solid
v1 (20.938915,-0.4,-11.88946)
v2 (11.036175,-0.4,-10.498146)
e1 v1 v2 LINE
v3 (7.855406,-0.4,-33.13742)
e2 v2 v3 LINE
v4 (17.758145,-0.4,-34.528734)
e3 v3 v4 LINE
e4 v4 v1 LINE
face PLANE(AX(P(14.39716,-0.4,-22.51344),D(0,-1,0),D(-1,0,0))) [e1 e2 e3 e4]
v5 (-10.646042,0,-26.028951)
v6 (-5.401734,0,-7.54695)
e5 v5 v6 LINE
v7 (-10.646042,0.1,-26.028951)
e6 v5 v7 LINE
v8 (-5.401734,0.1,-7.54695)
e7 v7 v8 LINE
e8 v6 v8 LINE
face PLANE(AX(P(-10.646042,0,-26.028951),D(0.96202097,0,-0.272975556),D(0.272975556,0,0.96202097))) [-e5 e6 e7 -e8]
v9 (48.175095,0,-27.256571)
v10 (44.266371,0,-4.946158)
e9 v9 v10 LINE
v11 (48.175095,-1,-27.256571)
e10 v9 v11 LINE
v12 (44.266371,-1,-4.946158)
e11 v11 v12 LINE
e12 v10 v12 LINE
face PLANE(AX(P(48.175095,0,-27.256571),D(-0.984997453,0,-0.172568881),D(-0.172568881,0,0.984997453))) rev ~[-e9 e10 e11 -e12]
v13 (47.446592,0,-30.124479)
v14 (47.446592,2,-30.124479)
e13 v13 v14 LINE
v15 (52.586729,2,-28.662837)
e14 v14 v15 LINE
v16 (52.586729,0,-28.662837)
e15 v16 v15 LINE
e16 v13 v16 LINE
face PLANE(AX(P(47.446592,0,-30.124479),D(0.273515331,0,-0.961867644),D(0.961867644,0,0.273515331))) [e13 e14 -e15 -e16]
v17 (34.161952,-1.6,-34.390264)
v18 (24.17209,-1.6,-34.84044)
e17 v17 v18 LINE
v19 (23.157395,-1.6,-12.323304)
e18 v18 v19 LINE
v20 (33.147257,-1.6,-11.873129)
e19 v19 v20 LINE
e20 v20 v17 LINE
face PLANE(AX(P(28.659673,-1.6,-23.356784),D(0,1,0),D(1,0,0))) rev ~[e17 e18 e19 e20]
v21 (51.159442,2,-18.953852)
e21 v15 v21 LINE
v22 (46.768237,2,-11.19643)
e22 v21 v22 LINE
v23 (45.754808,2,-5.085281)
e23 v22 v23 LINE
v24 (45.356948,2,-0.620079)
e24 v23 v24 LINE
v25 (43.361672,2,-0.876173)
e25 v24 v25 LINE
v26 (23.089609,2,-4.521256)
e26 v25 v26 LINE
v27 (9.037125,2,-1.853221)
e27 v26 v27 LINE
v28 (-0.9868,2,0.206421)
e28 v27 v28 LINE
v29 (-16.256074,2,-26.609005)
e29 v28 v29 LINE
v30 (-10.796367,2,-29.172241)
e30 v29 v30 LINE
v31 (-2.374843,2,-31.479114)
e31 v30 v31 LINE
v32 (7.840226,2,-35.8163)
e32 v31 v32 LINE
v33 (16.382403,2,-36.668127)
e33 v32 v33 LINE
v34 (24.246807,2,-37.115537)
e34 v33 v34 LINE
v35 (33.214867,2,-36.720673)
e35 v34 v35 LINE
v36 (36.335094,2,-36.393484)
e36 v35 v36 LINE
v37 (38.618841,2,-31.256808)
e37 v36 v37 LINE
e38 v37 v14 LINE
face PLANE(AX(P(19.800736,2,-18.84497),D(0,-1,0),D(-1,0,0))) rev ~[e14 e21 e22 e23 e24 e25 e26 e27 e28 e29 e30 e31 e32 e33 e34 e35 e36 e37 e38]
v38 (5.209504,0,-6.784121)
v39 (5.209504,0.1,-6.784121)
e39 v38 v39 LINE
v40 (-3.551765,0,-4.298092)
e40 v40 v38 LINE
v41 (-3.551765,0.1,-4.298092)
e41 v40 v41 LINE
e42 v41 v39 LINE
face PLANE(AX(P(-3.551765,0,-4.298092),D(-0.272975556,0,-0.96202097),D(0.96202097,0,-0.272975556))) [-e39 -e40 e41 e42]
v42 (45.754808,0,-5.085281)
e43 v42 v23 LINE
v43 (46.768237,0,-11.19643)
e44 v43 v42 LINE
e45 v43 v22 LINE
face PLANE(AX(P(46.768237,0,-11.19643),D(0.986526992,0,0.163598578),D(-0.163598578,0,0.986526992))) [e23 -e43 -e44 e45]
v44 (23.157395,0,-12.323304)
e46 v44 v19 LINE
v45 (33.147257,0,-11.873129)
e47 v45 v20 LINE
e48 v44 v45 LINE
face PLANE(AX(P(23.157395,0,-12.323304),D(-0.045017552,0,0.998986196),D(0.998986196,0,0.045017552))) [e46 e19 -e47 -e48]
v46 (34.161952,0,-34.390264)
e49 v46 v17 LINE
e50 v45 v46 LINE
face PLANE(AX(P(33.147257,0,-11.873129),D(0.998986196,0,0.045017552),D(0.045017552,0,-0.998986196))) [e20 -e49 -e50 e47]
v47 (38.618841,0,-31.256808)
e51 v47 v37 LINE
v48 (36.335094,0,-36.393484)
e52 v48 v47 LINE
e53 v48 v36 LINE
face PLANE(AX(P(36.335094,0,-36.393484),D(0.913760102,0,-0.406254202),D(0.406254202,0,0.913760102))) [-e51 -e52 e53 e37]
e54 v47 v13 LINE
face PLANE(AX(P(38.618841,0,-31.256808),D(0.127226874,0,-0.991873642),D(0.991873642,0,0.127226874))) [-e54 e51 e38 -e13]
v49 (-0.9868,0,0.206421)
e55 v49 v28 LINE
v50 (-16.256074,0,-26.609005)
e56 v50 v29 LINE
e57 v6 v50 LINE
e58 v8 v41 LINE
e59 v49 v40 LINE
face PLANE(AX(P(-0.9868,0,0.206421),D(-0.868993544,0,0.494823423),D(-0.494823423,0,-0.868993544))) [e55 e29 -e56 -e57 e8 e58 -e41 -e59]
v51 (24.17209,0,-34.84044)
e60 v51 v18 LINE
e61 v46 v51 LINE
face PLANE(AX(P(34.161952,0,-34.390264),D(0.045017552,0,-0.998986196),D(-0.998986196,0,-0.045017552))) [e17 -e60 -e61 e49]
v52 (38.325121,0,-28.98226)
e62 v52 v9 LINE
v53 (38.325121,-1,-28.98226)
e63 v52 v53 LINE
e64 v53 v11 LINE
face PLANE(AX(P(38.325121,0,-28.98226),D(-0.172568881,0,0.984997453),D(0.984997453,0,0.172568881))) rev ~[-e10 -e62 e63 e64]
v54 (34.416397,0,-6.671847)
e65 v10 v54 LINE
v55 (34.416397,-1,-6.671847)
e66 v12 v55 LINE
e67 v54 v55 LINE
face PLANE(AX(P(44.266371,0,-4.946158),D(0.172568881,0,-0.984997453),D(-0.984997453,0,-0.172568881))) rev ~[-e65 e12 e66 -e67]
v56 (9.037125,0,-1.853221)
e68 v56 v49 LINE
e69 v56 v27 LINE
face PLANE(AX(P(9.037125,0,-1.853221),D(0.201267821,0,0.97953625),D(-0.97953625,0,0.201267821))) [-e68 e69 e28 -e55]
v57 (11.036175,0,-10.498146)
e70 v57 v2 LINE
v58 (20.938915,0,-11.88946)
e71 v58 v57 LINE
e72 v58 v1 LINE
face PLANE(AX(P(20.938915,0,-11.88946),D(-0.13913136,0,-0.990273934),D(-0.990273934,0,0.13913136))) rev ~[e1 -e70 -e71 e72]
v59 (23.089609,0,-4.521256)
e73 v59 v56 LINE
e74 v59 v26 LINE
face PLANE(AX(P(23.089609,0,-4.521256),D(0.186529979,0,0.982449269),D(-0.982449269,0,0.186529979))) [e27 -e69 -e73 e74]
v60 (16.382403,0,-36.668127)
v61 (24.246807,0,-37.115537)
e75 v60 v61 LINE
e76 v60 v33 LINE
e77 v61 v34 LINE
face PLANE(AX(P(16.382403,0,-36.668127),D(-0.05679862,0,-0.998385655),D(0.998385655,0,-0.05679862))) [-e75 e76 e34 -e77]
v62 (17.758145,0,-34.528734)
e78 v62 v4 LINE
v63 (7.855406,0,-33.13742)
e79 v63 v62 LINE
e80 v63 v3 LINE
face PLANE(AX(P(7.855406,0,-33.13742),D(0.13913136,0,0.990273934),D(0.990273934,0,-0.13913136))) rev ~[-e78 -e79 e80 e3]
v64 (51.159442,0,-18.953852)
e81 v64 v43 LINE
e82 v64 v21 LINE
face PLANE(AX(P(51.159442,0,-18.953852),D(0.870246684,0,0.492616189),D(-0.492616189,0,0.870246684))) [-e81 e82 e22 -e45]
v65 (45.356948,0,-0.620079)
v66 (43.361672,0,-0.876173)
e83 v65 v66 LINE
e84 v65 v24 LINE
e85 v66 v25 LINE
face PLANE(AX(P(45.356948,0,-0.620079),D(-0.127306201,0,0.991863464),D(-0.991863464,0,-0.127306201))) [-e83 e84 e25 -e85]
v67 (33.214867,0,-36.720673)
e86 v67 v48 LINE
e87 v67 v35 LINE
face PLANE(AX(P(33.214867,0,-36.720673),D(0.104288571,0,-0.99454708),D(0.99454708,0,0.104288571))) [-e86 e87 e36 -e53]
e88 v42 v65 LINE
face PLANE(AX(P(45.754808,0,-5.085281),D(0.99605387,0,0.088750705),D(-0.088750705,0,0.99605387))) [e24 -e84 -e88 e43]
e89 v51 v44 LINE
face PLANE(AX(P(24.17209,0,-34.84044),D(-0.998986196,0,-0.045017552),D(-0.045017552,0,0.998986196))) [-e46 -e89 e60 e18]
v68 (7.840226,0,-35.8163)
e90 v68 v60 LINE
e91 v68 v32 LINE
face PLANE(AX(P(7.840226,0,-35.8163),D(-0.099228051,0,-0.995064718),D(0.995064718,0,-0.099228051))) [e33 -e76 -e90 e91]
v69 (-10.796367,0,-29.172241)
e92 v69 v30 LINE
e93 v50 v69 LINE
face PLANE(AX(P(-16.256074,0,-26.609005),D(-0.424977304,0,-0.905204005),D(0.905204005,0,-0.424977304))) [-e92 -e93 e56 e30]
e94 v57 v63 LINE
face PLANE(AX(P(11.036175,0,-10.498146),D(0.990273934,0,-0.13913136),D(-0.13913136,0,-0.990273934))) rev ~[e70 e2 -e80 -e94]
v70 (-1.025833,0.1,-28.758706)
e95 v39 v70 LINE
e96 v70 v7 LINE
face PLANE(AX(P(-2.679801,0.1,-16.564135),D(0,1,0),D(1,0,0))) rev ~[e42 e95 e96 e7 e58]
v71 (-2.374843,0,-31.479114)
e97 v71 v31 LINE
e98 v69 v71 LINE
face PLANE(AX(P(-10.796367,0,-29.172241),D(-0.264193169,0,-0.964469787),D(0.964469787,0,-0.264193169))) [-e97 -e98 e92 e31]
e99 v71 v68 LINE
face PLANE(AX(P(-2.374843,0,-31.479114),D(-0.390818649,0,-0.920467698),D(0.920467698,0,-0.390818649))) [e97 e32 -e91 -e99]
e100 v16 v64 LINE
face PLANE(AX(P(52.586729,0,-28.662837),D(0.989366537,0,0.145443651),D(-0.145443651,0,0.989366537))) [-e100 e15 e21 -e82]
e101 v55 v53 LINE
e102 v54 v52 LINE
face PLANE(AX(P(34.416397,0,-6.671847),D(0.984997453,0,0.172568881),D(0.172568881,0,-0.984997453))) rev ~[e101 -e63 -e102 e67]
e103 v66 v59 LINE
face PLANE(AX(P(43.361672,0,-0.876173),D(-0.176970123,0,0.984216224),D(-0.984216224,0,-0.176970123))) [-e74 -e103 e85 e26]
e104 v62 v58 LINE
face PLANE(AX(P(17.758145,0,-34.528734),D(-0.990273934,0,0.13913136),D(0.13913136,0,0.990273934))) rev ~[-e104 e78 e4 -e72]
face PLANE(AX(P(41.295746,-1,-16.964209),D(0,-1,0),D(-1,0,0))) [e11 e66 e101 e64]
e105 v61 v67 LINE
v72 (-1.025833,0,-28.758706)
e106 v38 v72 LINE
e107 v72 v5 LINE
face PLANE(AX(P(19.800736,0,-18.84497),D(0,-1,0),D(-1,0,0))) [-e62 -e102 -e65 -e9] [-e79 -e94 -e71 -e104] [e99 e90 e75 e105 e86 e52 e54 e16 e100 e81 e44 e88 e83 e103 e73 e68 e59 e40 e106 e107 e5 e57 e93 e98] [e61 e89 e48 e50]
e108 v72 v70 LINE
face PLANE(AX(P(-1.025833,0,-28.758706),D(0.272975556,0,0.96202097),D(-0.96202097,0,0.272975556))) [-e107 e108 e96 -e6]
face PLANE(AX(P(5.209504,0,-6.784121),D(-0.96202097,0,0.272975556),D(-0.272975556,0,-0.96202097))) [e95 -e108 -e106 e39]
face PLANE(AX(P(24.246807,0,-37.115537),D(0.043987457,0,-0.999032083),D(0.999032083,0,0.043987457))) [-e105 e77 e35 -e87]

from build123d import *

# Parameters (mm, degrees)
BOSS_EXTRUDE1_DEPTH = 0.1
BOSS_EXTRUDE2_DEPTH = 0.4
BOSS_EXTRUDE3_DEPTH = 1.6
BOSS_EXTRUDE4_DEPTH = 1
BOSS_EXTRUDE6_DEPTH = 2
CUT_EXTRUDE1_DEPTH  = 0.1


with BuildPart() as part:
    # Sketch1 → Boss-Extrude1 (new body)
    with BuildSketch(Plane(origin=(0, 0, 0), x_dir=(1, 0, 0), z_dir=(0, 1, 0))):
        Polygon((-10.646042249, 26.02895066), (-5.401733978, 7.546949539), (-3.551765124, 4.298091631), (5.209504113, 6.784120954), (-1.025832553, 28.758706218), align=None)
    extrude(amount=BOSS_EXTRUDE1_DEPTH)



with BuildPart() as body_2:
    # Sketch1<4> → Boss-Extrude2 (new body)
    with BuildSketch(Plane(origin=(0, 0, 0), x_dir=(1, 0, 0), z_dir=(0, 1, 0))):
        Polygon((17.758145427, 34.528733828), (7.855406085, 33.137420227), (11.036175402, 10.498146498), (20.938914744, 11.889460098), align=None)
    extrude(amount=-BOSS_EXTRUDE2_DEPTH)


with BuildPart() as body_3:
    # Sketch1<6> → Boss-Extrude3 (new body)
    with BuildSketch(Plane(origin=(0, 0, 0), x_dir=(1, 0, 0), z_dir=(0, 1, 0))):
        Polygon((34.161951749, 34.390264264), (24.172089788, 34.840439781), (23.15739477, 12.323304181), (33.147256731, 11.873128664), align=None)
    extrude(amount=-BOSS_EXTRUDE3_DEPTH)


with BuildPart() as body_4:
    # Sketch1<7> → Boss-Extrude4 (new body)
    with BuildSketch(Plane(origin=(0, 0, 0), x_dir=(1, 0, 0), z_dir=(0, 1, 0))):
        Polygon((48.175095059, 27.256571334), (38.325120534, 28.98226014), (34.416396618, 6.671846549), (44.266371143, 4.946157743), align=None)
    extrude(amount=-BOSS_EXTRUDE4_DEPTH)


with BuildPart() as part_1:
    add(part.part)

    add(body_2.part)  # Boss-Extrude6 merges body 2

    add(body_3.part)  # Boss-Extrude6 merges body 3

    add(body_4.part)  # Boss-Extrude6 merges body 4
    # Sketch1<9> → Boss-Extrude6 (add)
    with BuildSketch(Plane(origin=(0, 0, 0), x_dir=(1, 0, 0), z_dir=(0, 1, 0))):
        Polygon((-10.796366677, 29.172241213), (-16.256074113, 26.609004932), (-0.986799702, -0.206421066), (9.037125491, 1.85322051), (23.089608754, 4.521255887), (43.361671586, 0.876173274), (45.356947793, 0.620078516), (45.754807654, 5.085280828), (46.768236946, 11.196430212), (51.159441766, 18.953851746), (52.586728994, 28.662836734), (47.446591859, 30.124478905), (38.61884098, 31.25680776), (36.335094453, 36.39348437), (33.214867012, 36.720672561), (24.24680656, 37.115536931), (16.382403353, 36.668127405), (7.84022621, 35.816299809), (-2.37484271, 31.479114004), align=None)
    extrude(amount=BOSS_EXTRUDE6_DEPTH)

    # Sketch1<11> → Cut-Extrude1 (cut)
    with BuildSketch(Plane(origin=(0, 0, 0), x_dir=(1, 0, 0), z_dir=(0, 1, 0))):
        Polygon((-10.646042249, 26.02895066), (-5.401733978, 7.546949539), (-3.551765124, 4.298091631), (5.209504113, 6.784120954), (-1.025832553, 28.758706218), align=None)
    extrude(amount=CUT_EXTRUDE1_DEPTH, mode=Mode.SUBTRACT)


solid = part_1.part
